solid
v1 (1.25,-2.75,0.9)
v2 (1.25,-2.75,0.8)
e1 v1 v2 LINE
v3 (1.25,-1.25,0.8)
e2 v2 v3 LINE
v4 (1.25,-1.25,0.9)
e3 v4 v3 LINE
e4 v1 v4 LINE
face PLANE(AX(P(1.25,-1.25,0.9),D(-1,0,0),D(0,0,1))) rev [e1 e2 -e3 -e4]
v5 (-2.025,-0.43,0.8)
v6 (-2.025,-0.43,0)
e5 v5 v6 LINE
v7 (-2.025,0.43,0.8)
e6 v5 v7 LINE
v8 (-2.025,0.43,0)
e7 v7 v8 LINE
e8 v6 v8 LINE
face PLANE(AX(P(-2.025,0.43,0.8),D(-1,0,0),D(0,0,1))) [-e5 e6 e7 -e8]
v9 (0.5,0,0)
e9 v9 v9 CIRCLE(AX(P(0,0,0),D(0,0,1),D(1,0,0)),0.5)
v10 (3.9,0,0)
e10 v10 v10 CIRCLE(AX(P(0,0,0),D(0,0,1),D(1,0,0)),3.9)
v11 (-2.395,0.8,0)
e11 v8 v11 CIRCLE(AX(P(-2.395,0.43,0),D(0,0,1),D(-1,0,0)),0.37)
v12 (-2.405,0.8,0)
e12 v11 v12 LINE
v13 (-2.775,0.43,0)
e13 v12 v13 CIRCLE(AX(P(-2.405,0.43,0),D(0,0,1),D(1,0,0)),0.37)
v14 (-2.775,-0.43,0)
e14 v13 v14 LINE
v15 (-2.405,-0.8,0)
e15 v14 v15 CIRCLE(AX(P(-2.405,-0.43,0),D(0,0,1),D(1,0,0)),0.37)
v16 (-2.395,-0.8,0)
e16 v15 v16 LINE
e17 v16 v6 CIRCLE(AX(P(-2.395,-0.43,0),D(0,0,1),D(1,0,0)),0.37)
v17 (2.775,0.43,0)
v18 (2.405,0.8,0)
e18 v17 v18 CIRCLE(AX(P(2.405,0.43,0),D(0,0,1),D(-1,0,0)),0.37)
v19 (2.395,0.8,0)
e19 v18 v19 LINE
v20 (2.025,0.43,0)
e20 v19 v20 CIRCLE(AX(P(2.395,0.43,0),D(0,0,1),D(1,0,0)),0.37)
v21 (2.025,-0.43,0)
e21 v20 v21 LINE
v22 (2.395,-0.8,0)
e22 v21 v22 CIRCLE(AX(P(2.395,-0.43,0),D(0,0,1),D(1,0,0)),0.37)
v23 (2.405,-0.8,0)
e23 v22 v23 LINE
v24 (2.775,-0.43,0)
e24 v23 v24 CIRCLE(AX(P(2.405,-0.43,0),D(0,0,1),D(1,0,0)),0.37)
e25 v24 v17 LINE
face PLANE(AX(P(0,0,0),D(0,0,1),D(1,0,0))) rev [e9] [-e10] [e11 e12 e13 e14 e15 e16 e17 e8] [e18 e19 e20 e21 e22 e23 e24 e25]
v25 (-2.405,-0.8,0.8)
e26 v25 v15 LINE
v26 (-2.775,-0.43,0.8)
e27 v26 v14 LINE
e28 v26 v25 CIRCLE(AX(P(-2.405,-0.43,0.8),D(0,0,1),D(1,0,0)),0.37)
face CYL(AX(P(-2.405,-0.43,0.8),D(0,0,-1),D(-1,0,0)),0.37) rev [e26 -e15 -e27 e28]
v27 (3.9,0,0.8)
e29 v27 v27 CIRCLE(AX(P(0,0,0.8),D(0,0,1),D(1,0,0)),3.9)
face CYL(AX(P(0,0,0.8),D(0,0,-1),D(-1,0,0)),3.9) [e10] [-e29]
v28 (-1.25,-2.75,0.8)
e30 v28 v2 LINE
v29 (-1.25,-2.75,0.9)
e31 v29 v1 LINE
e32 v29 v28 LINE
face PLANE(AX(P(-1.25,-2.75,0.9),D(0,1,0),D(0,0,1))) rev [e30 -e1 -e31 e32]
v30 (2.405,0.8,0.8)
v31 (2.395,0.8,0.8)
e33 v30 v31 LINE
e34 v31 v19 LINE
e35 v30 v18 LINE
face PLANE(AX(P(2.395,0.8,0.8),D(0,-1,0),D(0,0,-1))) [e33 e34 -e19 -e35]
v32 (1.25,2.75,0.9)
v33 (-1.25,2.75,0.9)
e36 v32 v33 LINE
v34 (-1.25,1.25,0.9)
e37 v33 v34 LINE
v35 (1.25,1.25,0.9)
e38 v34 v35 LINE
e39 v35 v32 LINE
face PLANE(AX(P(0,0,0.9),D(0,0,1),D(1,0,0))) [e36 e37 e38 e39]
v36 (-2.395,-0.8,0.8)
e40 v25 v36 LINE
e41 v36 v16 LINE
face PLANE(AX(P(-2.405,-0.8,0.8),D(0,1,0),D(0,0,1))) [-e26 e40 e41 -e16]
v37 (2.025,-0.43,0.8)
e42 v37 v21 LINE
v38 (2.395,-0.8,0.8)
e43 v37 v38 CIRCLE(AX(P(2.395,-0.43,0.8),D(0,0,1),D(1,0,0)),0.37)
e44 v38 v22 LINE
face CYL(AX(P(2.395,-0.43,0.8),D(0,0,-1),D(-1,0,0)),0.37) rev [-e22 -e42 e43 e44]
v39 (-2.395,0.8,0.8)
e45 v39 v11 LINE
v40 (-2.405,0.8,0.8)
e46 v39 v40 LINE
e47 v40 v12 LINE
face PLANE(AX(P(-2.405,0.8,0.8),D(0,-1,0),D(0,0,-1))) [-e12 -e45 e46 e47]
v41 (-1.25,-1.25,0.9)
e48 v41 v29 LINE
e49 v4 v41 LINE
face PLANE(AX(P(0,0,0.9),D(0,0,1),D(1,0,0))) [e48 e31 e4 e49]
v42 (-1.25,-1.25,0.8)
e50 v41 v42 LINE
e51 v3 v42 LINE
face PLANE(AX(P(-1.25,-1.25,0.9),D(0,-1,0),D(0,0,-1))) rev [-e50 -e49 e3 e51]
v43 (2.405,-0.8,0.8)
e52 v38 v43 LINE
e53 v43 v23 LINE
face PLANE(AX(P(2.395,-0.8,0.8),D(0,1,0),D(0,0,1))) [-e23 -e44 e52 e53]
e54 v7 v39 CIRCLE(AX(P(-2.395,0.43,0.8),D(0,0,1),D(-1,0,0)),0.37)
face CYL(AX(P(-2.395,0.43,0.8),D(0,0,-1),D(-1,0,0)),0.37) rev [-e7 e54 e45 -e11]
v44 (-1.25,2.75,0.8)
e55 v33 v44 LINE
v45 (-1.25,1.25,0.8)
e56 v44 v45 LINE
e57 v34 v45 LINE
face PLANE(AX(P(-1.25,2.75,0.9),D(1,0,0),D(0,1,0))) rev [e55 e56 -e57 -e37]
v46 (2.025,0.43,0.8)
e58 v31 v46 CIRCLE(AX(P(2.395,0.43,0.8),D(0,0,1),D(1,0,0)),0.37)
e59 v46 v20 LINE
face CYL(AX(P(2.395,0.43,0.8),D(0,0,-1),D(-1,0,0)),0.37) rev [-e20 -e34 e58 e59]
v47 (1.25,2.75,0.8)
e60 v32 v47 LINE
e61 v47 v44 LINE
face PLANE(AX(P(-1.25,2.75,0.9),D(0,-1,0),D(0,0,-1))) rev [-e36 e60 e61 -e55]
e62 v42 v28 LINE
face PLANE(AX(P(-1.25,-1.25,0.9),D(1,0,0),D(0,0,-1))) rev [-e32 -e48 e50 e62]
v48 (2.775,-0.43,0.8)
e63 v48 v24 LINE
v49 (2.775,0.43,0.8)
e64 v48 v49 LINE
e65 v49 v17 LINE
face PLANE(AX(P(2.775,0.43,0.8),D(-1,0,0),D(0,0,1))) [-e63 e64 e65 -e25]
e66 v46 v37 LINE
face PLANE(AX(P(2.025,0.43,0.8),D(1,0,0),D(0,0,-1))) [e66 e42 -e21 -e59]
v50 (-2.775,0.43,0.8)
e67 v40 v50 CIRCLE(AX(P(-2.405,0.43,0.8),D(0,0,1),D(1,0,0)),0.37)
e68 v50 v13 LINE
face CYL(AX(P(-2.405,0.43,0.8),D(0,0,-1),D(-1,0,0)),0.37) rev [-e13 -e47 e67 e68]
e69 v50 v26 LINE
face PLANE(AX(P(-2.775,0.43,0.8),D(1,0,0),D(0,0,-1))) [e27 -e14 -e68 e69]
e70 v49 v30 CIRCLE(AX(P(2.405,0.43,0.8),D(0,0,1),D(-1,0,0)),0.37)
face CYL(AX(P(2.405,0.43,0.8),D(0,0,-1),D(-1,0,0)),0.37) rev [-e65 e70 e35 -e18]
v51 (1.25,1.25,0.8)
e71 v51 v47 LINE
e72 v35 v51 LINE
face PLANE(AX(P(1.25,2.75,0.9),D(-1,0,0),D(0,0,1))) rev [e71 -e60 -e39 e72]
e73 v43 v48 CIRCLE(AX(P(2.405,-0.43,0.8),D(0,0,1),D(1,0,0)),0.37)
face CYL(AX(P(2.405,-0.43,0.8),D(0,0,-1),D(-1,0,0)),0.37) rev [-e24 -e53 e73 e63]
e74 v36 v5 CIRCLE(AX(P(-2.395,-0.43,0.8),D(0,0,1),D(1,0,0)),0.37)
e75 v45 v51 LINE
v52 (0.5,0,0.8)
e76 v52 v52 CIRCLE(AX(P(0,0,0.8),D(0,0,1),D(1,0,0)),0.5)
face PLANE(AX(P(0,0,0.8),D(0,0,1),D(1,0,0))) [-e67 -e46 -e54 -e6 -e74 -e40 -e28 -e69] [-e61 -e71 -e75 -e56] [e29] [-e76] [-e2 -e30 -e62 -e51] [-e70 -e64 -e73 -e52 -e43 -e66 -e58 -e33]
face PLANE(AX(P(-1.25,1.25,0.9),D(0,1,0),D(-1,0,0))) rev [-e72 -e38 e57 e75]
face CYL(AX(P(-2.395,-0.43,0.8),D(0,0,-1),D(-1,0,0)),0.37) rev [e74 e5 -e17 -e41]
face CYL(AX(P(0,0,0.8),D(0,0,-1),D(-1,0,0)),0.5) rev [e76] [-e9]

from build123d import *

# Parameters (mm, degrees)
SKETCH_1_R      = 3.9
SKETCH_1_R_2    = 0.5
EXTRUDE_1_DEPTH = 0.8
SKETCH_2_W      = 2.5
SKETCH_2_H      = 1.5
EXTRUDE_2_DEPTH = 0.1


with BuildPart() as part:
    # 草图1 → 凸台-拉伸1 (new body)
    with BuildSketch(Plane.XY):
        Circle(SKETCH_1_R)
        Circle(SKETCH_1_R_2, mode=Mode.SUBTRACT)
        with BuildLine():
            Line((-2.405, 0.8), (-2.395, 0.8))
            ThreePointArc((-2.395, 0.8), (-2.133370491, 0.691629509), (-2.025, 0.43))
            Line((-2.025, 0.43), (-2.025, -0.43))
            ThreePointArc((-2.025, -0.43), (-2.133370491, -0.691629509), (-2.395, -0.8))
            Line((-2.395, -0.8), (-2.405, -0.8))
            ThreePointArc((-2.405, -0.8), (-2.666629509, -0.691629509), (-2.775, -0.43))
            Line((-2.775, -0.43), (-2.775, 0.43))
            ThreePointArc((-2.775, 0.43), (-2.666629509, 0.691629509), (-2.405, 0.8))
        make_face(mode=Mode.SUBTRACT)
        with BuildLine():
            Line((2.395, 0.8), (2.405, 0.8))
            ThreePointArc((2.405, 0.8), (2.666629509, 0.691629509), (2.775, 0.43))
            Line((2.775, 0.43), (2.775, -0.43))
            ThreePointArc((2.775, -0.43), (2.666629509, -0.691629509), (2.405, -0.8))
            Line((2.405, -0.8), (2.395, -0.8))
            ThreePointArc((2.395, -0.8), (2.133370491, -0.691629509), (2.025, -0.43))
            Line((2.025, -0.43), (2.025, 0.43))
            ThreePointArc((2.025, 0.43), (2.133370491, 0.691629509), (2.395, 0.8))
        make_face(mode=Mode.SUBTRACT)
    extrude(amount=EXTRUDE_1_DEPTH)

    # 草图2 → 凸台-拉伸2 (add)
    with BuildSketch(Plane.XY.offset(0.8)):
        with Locations((0, 2)):
            Rectangle(SKETCH_2_W, SKETCH_2_H)
        with Locations((0, -2)):
            Rectangle(SKETCH_2_W, SKETCH_2_H)
    extrude(amount=EXTRUDE_2_DEPTH)


solid = part.part
